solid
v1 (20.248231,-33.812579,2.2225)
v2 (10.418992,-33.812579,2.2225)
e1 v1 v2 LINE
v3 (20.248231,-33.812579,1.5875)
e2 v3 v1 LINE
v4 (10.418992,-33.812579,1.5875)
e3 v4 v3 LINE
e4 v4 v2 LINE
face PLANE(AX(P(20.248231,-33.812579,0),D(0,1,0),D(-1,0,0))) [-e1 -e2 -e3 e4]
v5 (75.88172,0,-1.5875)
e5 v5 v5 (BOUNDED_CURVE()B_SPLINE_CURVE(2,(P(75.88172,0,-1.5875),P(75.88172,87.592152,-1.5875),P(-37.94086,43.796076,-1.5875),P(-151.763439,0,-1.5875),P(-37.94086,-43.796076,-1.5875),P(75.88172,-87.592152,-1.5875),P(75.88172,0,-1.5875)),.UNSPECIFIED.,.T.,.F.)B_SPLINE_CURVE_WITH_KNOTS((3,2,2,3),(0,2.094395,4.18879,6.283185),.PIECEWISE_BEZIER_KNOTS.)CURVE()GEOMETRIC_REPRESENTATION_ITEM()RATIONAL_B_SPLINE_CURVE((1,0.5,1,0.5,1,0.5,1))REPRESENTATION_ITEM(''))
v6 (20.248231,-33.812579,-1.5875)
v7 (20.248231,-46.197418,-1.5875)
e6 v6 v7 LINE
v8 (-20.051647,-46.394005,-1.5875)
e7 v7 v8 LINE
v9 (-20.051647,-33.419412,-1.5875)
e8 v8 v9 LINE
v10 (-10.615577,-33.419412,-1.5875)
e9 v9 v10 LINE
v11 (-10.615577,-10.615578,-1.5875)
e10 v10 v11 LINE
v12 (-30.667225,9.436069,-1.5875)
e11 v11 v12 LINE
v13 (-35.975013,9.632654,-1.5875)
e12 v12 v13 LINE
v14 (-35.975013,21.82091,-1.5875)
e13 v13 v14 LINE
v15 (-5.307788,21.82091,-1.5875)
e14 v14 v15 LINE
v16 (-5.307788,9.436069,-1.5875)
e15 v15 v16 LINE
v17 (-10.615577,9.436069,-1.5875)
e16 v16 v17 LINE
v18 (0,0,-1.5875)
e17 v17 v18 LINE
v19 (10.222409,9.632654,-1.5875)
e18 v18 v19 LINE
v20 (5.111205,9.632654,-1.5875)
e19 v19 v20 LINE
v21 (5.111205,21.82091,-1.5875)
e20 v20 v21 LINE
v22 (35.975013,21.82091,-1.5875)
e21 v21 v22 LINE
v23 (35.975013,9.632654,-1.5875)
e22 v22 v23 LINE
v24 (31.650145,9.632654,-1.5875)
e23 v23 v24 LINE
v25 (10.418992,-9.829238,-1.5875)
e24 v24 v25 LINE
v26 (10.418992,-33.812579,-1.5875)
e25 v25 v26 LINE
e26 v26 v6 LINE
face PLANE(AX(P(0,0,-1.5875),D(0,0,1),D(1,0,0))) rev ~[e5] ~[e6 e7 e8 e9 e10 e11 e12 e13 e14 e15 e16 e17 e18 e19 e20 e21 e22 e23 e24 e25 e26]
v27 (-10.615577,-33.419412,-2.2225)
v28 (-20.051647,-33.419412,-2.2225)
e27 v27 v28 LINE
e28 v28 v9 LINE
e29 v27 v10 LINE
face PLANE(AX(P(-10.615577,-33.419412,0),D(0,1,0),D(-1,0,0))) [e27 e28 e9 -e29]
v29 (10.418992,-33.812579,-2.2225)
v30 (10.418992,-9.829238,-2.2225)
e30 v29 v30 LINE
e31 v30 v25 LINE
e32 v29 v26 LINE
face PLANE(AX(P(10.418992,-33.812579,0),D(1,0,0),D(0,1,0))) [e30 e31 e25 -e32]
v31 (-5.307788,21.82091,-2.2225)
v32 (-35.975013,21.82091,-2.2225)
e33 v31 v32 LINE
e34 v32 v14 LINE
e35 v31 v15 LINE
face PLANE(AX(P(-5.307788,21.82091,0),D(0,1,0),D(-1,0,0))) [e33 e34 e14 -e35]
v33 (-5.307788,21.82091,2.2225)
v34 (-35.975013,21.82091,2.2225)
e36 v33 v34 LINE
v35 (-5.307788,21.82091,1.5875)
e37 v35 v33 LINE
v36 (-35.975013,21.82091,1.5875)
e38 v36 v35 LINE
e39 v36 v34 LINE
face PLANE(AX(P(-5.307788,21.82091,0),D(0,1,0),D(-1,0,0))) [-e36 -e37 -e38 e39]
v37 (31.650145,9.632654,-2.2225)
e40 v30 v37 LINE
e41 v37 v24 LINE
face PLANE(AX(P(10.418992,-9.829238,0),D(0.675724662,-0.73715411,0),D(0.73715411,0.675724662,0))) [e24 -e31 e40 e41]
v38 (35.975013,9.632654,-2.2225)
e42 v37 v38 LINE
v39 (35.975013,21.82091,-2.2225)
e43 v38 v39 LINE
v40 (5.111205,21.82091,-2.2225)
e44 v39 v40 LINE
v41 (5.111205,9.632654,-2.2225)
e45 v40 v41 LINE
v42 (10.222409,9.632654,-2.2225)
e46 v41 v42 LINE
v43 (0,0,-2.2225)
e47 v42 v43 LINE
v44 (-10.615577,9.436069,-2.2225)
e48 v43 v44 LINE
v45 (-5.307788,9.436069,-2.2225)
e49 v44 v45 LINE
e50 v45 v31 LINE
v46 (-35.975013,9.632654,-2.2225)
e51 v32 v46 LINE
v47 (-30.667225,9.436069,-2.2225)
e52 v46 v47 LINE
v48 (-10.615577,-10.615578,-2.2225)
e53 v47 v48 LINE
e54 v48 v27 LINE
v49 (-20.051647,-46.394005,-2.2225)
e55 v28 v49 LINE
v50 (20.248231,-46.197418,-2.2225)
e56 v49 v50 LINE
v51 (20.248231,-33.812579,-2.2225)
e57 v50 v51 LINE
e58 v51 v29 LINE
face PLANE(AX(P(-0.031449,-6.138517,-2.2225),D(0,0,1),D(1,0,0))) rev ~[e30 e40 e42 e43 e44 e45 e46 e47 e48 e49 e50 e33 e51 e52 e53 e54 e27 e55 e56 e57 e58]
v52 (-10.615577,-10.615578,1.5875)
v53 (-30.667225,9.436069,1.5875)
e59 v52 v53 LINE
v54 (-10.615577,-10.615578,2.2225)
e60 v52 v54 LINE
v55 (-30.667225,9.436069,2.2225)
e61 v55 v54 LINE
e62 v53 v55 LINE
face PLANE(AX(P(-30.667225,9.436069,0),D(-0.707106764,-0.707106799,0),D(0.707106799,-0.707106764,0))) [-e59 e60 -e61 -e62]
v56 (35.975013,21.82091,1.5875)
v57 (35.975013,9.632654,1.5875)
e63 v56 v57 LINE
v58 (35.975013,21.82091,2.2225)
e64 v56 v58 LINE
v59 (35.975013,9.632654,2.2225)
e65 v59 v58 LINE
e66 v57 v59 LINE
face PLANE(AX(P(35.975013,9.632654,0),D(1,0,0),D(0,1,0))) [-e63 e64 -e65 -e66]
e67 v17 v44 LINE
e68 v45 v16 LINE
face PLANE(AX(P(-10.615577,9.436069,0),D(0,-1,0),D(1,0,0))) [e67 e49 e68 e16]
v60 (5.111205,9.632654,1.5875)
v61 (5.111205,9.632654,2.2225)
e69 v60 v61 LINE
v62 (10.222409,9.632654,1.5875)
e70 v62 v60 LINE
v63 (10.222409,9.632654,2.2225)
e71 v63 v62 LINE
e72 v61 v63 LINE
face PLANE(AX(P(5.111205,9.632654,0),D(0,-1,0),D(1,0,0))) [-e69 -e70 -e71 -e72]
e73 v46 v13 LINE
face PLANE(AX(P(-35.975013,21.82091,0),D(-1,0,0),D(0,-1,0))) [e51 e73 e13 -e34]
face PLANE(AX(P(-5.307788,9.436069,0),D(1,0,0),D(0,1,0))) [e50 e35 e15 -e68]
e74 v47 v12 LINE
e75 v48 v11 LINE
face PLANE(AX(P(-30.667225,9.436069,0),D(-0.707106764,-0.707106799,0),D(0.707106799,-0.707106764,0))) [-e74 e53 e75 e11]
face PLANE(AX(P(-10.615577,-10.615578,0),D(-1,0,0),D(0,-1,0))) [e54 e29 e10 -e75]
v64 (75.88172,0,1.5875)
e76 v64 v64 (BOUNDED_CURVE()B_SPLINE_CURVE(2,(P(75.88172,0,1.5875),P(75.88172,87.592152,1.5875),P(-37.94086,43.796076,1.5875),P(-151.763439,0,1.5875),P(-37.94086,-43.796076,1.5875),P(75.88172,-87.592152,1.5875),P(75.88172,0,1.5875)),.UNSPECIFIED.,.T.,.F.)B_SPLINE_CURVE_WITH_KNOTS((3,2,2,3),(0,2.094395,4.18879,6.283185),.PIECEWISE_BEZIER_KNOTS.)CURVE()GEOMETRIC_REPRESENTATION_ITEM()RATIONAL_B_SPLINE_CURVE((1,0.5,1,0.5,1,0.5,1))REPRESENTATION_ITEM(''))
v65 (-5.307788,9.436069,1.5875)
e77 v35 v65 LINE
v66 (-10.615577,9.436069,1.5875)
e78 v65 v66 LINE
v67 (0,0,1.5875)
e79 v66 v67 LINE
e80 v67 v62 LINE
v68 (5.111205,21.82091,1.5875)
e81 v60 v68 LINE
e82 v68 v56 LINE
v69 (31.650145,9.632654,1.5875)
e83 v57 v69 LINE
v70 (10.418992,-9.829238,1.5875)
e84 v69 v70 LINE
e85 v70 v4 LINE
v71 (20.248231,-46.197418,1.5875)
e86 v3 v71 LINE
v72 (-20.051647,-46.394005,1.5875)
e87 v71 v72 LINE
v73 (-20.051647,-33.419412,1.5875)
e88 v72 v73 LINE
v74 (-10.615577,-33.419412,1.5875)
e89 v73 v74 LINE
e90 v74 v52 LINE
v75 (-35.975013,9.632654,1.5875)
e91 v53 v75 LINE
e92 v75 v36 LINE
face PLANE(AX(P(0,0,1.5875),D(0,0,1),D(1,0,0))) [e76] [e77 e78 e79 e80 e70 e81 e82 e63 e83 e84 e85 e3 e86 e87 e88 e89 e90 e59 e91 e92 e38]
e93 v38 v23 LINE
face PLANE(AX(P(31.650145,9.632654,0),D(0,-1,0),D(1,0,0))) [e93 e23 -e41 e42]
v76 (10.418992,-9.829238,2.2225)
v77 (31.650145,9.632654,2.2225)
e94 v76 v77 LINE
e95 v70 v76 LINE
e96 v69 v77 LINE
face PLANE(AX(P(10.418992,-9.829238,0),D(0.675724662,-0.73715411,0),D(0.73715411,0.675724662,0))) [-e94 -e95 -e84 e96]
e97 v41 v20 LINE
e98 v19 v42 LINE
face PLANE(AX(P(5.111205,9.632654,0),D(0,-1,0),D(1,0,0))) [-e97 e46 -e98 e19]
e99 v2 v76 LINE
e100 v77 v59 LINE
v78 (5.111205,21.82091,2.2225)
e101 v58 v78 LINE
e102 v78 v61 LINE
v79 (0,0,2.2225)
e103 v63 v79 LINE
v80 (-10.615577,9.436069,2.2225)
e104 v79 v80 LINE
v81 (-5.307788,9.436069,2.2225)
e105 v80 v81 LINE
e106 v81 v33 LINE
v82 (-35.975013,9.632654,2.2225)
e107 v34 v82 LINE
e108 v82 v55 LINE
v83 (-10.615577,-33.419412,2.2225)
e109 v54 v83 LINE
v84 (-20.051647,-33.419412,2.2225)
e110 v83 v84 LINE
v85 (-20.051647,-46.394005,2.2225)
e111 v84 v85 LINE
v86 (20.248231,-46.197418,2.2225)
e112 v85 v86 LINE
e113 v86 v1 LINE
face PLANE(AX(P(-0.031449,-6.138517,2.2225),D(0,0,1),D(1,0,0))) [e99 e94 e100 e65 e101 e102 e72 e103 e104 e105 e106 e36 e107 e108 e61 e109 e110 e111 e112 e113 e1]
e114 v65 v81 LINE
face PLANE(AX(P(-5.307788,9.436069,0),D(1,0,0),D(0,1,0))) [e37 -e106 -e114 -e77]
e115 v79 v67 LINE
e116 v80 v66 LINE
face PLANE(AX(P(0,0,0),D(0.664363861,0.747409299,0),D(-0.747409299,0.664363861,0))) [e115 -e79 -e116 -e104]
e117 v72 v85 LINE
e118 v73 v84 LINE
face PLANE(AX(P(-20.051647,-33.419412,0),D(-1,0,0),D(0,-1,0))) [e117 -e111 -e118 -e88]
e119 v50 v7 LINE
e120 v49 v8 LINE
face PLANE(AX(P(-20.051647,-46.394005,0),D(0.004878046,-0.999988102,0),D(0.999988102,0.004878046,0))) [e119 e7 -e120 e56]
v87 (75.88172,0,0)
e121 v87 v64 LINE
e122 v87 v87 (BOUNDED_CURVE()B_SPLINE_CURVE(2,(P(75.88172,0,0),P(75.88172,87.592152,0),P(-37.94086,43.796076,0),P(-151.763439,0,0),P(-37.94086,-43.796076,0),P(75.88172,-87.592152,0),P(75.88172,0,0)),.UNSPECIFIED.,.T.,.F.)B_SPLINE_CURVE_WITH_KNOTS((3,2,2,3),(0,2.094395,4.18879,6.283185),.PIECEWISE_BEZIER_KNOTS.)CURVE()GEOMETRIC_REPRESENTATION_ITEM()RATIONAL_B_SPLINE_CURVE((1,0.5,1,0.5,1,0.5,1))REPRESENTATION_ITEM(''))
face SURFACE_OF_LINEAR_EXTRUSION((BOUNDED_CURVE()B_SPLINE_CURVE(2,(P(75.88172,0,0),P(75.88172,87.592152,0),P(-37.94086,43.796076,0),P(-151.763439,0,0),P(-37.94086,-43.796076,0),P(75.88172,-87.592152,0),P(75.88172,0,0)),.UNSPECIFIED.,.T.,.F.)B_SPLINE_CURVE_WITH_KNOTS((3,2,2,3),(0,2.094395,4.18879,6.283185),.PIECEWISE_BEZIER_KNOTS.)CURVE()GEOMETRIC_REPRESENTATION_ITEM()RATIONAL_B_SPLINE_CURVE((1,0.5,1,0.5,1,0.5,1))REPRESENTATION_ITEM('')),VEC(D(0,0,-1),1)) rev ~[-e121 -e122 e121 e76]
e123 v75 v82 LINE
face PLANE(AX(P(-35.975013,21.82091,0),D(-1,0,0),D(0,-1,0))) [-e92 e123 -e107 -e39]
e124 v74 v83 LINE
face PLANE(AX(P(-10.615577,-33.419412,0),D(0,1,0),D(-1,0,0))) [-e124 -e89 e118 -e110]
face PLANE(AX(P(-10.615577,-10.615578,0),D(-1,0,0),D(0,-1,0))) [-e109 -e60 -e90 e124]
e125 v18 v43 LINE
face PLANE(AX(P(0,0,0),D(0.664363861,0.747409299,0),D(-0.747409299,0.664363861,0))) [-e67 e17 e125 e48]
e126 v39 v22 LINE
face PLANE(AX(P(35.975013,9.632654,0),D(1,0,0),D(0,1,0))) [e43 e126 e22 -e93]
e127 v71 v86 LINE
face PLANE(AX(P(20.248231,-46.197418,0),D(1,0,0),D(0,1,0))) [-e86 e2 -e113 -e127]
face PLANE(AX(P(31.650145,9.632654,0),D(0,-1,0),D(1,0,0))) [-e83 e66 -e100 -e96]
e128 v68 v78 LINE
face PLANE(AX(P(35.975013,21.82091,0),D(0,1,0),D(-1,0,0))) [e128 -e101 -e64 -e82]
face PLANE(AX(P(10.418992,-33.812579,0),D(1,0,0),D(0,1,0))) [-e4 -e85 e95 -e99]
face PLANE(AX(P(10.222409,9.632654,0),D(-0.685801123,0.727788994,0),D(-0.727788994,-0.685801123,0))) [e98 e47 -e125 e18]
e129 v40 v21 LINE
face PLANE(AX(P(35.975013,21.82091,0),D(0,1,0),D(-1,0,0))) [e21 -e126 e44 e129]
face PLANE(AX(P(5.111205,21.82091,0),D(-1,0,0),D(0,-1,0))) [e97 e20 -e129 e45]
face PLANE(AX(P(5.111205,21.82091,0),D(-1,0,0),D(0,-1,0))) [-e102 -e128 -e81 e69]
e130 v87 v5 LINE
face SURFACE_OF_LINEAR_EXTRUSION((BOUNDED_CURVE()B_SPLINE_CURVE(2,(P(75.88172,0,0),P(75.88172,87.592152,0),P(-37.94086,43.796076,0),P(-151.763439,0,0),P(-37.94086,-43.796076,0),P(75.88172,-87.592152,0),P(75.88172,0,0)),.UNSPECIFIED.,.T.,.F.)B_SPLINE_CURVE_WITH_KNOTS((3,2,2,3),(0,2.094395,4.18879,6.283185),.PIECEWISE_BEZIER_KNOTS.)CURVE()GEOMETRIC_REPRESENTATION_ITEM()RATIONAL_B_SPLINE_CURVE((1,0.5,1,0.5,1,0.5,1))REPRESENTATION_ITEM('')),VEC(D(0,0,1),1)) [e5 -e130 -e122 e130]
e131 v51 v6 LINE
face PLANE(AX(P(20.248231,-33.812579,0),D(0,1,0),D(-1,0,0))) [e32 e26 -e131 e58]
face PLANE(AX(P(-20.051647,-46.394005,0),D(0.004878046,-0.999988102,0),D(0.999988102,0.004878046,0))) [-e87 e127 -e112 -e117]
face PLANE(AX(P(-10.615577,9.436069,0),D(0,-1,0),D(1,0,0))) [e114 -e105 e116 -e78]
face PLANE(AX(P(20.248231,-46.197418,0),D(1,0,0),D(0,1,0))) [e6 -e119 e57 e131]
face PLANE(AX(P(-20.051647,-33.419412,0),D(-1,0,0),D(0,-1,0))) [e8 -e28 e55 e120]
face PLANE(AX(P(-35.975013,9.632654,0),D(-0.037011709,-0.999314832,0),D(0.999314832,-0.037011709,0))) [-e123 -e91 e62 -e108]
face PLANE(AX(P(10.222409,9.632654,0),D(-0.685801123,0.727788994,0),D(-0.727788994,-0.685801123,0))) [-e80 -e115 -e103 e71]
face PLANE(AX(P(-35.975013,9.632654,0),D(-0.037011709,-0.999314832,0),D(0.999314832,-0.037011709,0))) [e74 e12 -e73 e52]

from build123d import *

# Parameters (mm, degrees)
F2_DEPTH = 1.5875
F3_DEPTH = 2.2225


with BuildPart() as f2:
    # F0 (on Top) → F2 (new body, symmetric)
    with BuildSketch(Plane.XY):
        with BuildLine():
            add(Edge.make_bspline(
                [(75.88172, 0), (75.88172, 87.592152), (-37.94086, 43.796076), (-151.763439, 0), (-37.94086, -43.796076), (75.88172, -87.592152), (75.88172, 0)],
                knots=[0, 0, 0, 2.094395, 2.094395, 4.18879, 4.18879, 6.283185, 6.283185, 6.283185], degree=2, weights=[1, 0.5, 1, 0.5, 1, 0.5, 1]))
        make_face()
        Polygon((-5.307788, 21.82091), (-5.307788, 17.496044), (-5.307788, 9.436069), (-10.615577, 9.436069), (0, 0), (10.222409, 9.632654), (5.111205, 9.632654), (5.111205, 17.29946), (5.111205, 21.82091), (35.975013, 21.82091), (35.975013, 9.632654), (31.650145, 9.632654), (10.418992, -9.829238), (10.418992, -33.812579), (20.248231, -33.812579), (20.248231, -46.197418), (-20.051647, -46.394005), (-20.051647, -33.419412), (-10.615577, -33.419412), (-10.615577, -10.615578), (-30.667225, 9.436069), (-35.975013, 9.632654), (-35.975013, 21.82091), align=None, mode=Mode.SUBTRACT)
    extrude(amount=F2_DEPTH, both=True)

    # F1 (on face) → F3 (join, symmetric)
    with BuildSketch(Plane.XY):
        Polygon((-10.615577, 9.436069), (-5.307788, 9.436069), (-5.307788, 17.496044), (-5.307788, 21.82091), (-35.975013, 21.82091), (-35.975013, 9.632654), (-30.667225, 9.436069), (-10.615577, -10.615578), (-10.615577, -33.419412), (-20.051647, -33.419412), (-20.051647, -46.394005), (20.248231, -46.197418), (20.248231, -33.812579), (10.418992, -33.812579), (10.418992, -9.829238), (31.650145, 9.632654), (35.975013, 9.632654), (35.975013, 21.82091), (5.111205, 21.82091), (5.111205, 17.29946), (5.111205, 9.632654), (10.222409, 9.632654), (0, 0), align=None)
    extrude(amount=F3_DEPTH, both=True)


solid = f2.part
